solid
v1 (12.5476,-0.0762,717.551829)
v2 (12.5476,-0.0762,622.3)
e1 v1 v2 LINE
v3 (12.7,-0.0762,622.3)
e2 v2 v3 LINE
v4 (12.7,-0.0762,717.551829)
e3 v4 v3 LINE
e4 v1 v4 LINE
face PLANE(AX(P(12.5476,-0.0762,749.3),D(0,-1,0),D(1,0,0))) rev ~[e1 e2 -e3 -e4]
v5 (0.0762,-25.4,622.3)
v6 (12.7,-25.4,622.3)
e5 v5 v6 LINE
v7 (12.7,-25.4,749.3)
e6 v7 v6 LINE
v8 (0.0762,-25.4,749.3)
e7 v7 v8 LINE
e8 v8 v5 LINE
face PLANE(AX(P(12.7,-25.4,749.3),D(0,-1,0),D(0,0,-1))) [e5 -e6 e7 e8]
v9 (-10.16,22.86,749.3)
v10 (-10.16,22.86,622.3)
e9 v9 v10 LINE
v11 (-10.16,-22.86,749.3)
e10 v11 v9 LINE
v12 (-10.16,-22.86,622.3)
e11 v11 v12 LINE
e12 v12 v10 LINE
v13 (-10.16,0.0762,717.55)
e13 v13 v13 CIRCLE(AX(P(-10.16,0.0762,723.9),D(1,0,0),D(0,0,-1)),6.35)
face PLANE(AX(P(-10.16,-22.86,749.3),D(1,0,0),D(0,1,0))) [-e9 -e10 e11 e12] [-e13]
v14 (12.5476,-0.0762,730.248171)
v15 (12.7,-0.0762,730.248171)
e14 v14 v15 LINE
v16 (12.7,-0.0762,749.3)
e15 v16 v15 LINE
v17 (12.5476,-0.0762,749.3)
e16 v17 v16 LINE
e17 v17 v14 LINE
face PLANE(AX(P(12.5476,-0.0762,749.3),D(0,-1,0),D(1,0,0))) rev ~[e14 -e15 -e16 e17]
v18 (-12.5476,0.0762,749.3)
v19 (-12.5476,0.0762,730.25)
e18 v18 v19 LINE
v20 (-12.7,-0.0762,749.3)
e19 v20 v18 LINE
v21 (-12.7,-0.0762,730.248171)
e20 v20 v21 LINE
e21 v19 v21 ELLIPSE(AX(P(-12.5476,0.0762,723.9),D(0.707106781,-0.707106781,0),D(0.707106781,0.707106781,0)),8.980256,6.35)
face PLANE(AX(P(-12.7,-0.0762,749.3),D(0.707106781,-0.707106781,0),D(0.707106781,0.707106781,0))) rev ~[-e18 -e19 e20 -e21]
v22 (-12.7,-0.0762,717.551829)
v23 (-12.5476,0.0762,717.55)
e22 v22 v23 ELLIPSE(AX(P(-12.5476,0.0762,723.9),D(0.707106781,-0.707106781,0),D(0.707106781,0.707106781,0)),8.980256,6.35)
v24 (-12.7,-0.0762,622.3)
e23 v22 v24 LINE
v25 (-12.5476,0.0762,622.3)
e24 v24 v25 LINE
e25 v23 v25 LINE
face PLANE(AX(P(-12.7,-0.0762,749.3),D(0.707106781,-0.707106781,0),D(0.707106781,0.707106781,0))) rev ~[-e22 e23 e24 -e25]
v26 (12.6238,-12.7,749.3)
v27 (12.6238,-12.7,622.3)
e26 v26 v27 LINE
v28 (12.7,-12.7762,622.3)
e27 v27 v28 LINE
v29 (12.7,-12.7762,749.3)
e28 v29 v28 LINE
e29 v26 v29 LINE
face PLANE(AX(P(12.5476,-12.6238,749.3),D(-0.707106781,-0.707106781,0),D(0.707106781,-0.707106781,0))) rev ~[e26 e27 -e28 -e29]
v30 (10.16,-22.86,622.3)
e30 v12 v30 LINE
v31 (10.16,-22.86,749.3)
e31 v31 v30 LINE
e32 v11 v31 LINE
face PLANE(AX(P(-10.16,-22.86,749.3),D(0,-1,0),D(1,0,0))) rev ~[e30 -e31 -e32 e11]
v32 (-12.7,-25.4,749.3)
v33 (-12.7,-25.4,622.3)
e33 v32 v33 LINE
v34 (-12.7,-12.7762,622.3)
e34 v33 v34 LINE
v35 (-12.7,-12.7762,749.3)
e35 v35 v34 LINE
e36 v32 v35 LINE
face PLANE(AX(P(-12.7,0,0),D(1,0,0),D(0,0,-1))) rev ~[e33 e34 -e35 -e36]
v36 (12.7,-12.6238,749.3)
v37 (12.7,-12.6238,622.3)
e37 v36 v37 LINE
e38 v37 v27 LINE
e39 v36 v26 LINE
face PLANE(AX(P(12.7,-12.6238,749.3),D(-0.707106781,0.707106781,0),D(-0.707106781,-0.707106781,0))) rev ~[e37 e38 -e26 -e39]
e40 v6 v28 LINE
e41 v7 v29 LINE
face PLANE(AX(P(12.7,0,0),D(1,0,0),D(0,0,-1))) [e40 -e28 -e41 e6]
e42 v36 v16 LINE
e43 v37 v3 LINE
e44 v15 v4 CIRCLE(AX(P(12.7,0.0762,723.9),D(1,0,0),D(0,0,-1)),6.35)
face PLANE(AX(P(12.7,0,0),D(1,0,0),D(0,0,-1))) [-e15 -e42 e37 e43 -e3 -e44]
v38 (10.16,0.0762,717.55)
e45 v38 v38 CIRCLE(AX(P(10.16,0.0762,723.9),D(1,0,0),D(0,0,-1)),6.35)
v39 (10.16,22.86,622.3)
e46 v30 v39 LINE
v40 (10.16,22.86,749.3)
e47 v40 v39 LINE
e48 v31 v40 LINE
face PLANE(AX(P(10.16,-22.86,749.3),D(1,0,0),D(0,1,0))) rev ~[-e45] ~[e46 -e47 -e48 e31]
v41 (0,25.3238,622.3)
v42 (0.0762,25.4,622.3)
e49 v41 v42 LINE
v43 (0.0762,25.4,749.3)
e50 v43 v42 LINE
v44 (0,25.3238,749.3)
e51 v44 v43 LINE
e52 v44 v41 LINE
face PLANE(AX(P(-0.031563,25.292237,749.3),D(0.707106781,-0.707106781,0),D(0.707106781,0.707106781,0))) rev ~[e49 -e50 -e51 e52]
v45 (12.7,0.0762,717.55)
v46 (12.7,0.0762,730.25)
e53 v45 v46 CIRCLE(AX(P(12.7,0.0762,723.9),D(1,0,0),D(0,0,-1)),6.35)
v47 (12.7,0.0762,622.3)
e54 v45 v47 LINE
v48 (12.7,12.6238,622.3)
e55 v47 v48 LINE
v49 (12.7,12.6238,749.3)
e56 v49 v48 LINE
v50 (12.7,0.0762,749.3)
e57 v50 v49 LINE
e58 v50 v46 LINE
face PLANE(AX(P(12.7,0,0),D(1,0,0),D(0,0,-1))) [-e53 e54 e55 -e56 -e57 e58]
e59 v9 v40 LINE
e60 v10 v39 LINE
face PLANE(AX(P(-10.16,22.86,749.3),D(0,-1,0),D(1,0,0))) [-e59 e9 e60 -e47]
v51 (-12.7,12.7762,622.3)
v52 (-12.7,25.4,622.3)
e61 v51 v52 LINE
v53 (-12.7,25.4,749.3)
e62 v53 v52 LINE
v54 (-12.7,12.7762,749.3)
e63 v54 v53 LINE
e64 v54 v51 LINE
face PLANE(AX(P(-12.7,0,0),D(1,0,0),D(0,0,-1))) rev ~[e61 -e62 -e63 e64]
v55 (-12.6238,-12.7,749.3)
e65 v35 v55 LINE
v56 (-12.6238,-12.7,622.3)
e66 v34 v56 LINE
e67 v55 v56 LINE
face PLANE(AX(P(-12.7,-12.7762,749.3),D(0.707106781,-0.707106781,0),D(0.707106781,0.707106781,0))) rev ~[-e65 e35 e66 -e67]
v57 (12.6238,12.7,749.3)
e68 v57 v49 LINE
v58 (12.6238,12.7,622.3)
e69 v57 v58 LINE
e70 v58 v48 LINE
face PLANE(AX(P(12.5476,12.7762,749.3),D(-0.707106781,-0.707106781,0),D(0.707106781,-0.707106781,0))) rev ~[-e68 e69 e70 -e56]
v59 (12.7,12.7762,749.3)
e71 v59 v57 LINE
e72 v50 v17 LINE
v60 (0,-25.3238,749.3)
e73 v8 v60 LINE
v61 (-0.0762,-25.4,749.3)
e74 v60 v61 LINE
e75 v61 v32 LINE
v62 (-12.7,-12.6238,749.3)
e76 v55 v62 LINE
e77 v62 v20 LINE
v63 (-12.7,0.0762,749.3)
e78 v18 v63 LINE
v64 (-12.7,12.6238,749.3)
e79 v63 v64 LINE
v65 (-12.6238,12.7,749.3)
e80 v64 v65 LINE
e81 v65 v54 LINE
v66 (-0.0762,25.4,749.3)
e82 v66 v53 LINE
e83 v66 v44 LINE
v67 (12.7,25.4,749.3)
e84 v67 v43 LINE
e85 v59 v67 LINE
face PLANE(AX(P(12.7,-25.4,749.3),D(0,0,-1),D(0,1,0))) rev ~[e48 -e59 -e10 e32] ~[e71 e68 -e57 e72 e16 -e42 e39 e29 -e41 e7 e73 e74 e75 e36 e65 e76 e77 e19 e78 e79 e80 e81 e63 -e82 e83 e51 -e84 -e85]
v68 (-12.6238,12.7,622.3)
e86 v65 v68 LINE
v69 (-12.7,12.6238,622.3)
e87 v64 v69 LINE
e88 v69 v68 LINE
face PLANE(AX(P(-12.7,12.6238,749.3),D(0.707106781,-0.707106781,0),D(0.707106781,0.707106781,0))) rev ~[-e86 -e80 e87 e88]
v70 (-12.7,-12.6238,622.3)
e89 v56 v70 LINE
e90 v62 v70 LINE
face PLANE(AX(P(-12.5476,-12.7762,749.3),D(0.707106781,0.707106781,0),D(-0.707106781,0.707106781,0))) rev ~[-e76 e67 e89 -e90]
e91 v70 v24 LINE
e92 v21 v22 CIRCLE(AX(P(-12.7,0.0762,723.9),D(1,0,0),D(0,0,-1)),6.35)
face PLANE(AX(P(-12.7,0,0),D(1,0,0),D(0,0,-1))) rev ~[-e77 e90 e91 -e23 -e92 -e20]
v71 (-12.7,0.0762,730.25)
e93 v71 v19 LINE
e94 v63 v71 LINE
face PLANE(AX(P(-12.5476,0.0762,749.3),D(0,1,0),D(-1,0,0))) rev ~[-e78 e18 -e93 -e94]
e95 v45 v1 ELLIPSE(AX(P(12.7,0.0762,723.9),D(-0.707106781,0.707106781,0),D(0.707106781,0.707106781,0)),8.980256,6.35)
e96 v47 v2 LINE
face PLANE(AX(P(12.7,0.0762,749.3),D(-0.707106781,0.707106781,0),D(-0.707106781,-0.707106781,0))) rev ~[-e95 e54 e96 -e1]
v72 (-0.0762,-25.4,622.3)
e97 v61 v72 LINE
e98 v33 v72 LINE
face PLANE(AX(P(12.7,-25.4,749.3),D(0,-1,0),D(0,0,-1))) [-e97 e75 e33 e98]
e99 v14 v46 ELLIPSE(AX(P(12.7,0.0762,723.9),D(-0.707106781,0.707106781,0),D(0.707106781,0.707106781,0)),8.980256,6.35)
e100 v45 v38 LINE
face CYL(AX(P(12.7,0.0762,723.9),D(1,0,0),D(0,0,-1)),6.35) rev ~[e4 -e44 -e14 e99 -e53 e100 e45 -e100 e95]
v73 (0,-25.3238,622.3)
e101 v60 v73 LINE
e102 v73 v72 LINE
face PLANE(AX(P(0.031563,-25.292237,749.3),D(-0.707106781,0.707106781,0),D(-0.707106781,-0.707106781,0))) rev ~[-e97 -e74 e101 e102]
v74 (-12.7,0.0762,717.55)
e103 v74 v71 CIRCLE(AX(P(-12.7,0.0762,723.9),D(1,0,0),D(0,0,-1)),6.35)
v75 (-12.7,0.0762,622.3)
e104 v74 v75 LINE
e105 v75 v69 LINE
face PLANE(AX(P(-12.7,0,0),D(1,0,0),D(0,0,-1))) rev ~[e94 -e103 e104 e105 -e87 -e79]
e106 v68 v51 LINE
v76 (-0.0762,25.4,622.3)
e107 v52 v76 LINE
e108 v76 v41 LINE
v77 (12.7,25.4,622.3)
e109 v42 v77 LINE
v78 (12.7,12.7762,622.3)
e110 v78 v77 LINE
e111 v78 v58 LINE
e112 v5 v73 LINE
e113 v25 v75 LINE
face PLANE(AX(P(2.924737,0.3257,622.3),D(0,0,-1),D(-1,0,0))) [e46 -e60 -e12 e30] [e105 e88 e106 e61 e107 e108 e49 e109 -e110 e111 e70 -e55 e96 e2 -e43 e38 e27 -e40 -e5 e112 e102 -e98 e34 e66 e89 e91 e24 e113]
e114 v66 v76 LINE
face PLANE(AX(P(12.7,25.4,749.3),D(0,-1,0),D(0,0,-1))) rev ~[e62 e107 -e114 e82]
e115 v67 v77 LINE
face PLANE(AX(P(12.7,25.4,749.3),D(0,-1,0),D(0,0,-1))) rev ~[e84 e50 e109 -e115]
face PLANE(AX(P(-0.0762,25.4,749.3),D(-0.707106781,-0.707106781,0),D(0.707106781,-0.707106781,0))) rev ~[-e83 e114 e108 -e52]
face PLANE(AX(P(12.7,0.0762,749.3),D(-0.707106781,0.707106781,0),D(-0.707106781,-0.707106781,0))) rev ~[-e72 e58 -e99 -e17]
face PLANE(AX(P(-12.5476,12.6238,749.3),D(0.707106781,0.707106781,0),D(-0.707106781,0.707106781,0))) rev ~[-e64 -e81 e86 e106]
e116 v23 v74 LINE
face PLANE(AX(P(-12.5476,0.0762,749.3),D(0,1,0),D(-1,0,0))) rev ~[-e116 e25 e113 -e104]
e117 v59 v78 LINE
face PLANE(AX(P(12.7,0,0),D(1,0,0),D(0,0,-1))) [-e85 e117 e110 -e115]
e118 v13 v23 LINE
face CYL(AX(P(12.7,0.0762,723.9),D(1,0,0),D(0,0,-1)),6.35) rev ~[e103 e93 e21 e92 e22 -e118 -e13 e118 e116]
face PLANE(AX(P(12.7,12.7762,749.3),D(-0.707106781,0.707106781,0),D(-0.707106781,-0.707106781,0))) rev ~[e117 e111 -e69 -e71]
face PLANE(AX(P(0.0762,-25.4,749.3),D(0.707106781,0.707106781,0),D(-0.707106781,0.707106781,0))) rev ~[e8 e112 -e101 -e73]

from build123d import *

# Parameters (mm, degrees)
SKETCH1_W           = 1498.6
SKETCH1_H           = 50.8
BOSS_EXTRUDE1_DEPTH = 25.4
CUT_EXTRUDE1_DEPTH  = 1498.6
CUT_EXTRUDE2_DEPTH  = 1499.869043646
CUT_EXTRUDE3_DEPTH  = 1498.6
CUT_EXTRUDE4_DEPTH  = 1498.6
CUT_EXTRUDE5_DEPTH  = 1499.869043646
CUT_EXTRUDE6_DEPTH  = 1499.869043646
CUT_EXTRUDE7_DEPTH  = 1498.6
CUT_EXTRUDE8_DEPTH  = 1498.6
SKETCH10_W          = 20.32
SKETCH10_H          = 45.72
CUT_EXTRUDE9_DEPTH  = 1499.869043646
DRAFT1_ANGLE        = 45
DRAFT2_ANGLE        = 45.000000005
DRAFT3_ANGLE        = 45
DRAFT4_ANGLE        = 45
DRAFT5_ANGLE        = 45
DRAFT6_ANGLE        = 44.999999995
SKETCH11_W          = 61.962293059
SKETCH11_H          = 88.678950317
CUT_EXTRUDE10_DEPTH = 1371.6
SKETCH13_R          = 6.35
CUT_EXTRUDE11_DEPTH = 25.4


with BuildPart() as part:
    # Sketch1 → Boss-Extrude1 (new body)
    with BuildSketch(Plane(origin=(12.7, 0, 0), x_dir=(0, 0, -1), z_dir=(1, 0, 0))):
        Rectangle(SKETCH1_W, SKETCH1_H)
    extrude(amount=-BOSS_EXTRUDE1_DEPTH)

    # Sketch2 → Cut-Extrude1 (cut)
    with BuildSketch(Plane.XY.offset(749.3)):
        Polygon((0.0762, 25.4), (-0.0762, 25.4), (0.0762, 25.2476), align=None)
    extrude(amount=-CUT_EXTRUDE1_DEPTH, mode=Mode.SUBTRACT)

    # Sketch3 → Cut-Extrude2 (cut, through all)
    with BuildSketch(Plane.XY.offset(749.3)):
        Polygon((12.7, 12.6238), (12.7, 12.7762), (12.5476, 12.7762), align=None)
    extrude(amount=-CUT_EXTRUDE2_DEPTH, mode=Mode.SUBTRACT)

    # Sketch4 → Cut-Extrude3 (cut)
    with BuildSketch(Plane.XY.offset(749.3)):
        Polygon((12.7, -0.0762), (12.7, 0.0762), (12.5476, -0.0762), align=None)
    extrude(amount=-CUT_EXTRUDE3_DEPTH, mode=Mode.SUBTRACT)

    # Sketch5 → Cut-Extrude4 (cut)
    with BuildSketch(Plane.XY.offset(749.3)):
        Polygon((12.7, -12.7762), (12.7, -12.6238), (12.5476, -12.6238), align=None)
    extrude(amount=-CUT_EXTRUDE4_DEPTH, mode=Mode.SUBTRACT)

    # Sketch6 → Cut-Extrude5 (cut, through all)
    with BuildSketch(Plane.XY.offset(749.3)):
        Polygon((0.0762, -25.4), (-0.0762, -25.2476), (-0.0762, -25.4), align=None)
    extrude(amount=-CUT_EXTRUDE5_DEPTH, mode=Mode.SUBTRACT)

    # Sketch7 → Cut-Extrude6 (cut, through all)
    with BuildSketch(Plane.XY.offset(749.3)):
        Polygon((-12.7, -12.6238), (-12.7, -12.7762), (-12.5476, -12.7762), align=None)
    extrude(amount=-CUT_EXTRUDE6_DEPTH, mode=Mode.SUBTRACT)

    # Sketch8 → Cut-Extrude7 (cut)
    with BuildSketch(Plane.XY.offset(749.3)):
        Polygon((-12.7, 0.0762), (-12.7, -0.0762), (-12.5476, 0.0762), align=None)
    extrude(amount=-CUT_EXTRUDE7_DEPTH, mode=Mode.SUBTRACT)

    # Sketch9 → Cut-Extrude8 (cut)
    with BuildSketch(Plane.XY.offset(749.3)):
        Polygon((-12.7, 12.7762), (-12.7, 12.6238), (-12.5476, 12.6238), align=None)
    extrude(amount=-CUT_EXTRUDE8_DEPTH, mode=Mode.SUBTRACT)

    # Sketch10 → Cut-Extrude9 (cut, through all)
    with BuildSketch(Plane.XY.offset(749.3)):
        Rectangle(SKETCH10_W, SKETCH10_H)
    extrude(amount=-CUT_EXTRUDE9_DEPTH, mode=Mode.SUBTRACT)

    # Draft1
    draft1_faces = [part.faces().sort_by_distance(p)[0] for p in [
        (0.0762, 25.3238, 0),
    ]]
    draft(draft1_faces, Plane(origin=(-12.7, 25.4, -749.3), x_dir=(0, 0, 1), z_dir=(0, 1, 0)), DRAFT1_ANGLE)

    # Draft2
    draft2_faces = [part.faces().sort_by_distance(p)[0] for p in [
        (12.6238, 12.7762, 0),
    ]]
    draft(draft2_faces, Plane(origin=(12.7, 0, 0), x_dir=(0, 0, 1), z_dir=(1, 0, 0)), DRAFT2_ANGLE)

    # Draft3
    draft3_faces = [part.faces().sort_by_distance(p)[0] for p in [
        (-0.0762, -25.3238, 0),
    ]]
    draft(draft3_faces, Plane(origin=(-12.7, -25.4, 749.3), x_dir=(0, 0, -1), z_dir=(0, -1, 0)), DRAFT3_ANGLE)

    # Draft4
    draft4_faces = [part.faces().sort_by_distance(p)[0] for p in [
        (-12.6238, -12.7762, 0),
    ]]
    draft(draft4_faces, Plane(origin=(-12.7, 0, 0), x_dir=(0, 0, -1), z_dir=(-1, 0, 0)), DRAFT4_ANGLE)

    # Draft5
    draft5_faces = [part.faces().sort_by_distance(p)[0] for p in [
        (12.6238, -12.6238, 0),
        (12.6238, 0, 0),
    ]]
    draft(draft5_faces, Plane(origin=(12.7, 0, 0), x_dir=(0, 0, 1), z_dir=(1, 0, 0)), DRAFT5_ANGLE)

    # Draft6
    draft6_faces = [part.faces().sort_by_distance(p)[0] for p in [
        (-12.6238, 0, 0),
        (-12.6238, 12.6238, 0),
    ]]
    draft(draft6_faces, Plane(origin=(-12.7, 0, 0), x_dir=(0, 0, -1), z_dir=(-1, 0, 0)), DRAFT6_ANGLE)

    # Sketch11 → Cut-Extrude10 (cut)
    with BuildSketch(Plane(origin=(0, 0, -749.3), x_dir=(-1, 0, 0), z_dir=(0, 0, -1))):
        with Locations((-2.92473676, 0.325700182)):
            Rectangle(SKETCH11_W, SKETCH11_H)
    extrude(amount=-CUT_EXTRUDE10_DEPTH, mode=Mode.SUBTRACT)

    # Sketch13 → Cut-Extrude11 (cut)
    with BuildSketch(Plane(origin=(12.7, 0, 0), x_dir=(0, 0, -1), z_dir=(1, 0, 0))):
        with Locations((-723.9, 0.0762)):
            Circle(SKETCH13_R)
    extrude(amount=-CUT_EXTRUDE11_DEPTH, mode=Mode.SUBTRACT)


solid = part.part
